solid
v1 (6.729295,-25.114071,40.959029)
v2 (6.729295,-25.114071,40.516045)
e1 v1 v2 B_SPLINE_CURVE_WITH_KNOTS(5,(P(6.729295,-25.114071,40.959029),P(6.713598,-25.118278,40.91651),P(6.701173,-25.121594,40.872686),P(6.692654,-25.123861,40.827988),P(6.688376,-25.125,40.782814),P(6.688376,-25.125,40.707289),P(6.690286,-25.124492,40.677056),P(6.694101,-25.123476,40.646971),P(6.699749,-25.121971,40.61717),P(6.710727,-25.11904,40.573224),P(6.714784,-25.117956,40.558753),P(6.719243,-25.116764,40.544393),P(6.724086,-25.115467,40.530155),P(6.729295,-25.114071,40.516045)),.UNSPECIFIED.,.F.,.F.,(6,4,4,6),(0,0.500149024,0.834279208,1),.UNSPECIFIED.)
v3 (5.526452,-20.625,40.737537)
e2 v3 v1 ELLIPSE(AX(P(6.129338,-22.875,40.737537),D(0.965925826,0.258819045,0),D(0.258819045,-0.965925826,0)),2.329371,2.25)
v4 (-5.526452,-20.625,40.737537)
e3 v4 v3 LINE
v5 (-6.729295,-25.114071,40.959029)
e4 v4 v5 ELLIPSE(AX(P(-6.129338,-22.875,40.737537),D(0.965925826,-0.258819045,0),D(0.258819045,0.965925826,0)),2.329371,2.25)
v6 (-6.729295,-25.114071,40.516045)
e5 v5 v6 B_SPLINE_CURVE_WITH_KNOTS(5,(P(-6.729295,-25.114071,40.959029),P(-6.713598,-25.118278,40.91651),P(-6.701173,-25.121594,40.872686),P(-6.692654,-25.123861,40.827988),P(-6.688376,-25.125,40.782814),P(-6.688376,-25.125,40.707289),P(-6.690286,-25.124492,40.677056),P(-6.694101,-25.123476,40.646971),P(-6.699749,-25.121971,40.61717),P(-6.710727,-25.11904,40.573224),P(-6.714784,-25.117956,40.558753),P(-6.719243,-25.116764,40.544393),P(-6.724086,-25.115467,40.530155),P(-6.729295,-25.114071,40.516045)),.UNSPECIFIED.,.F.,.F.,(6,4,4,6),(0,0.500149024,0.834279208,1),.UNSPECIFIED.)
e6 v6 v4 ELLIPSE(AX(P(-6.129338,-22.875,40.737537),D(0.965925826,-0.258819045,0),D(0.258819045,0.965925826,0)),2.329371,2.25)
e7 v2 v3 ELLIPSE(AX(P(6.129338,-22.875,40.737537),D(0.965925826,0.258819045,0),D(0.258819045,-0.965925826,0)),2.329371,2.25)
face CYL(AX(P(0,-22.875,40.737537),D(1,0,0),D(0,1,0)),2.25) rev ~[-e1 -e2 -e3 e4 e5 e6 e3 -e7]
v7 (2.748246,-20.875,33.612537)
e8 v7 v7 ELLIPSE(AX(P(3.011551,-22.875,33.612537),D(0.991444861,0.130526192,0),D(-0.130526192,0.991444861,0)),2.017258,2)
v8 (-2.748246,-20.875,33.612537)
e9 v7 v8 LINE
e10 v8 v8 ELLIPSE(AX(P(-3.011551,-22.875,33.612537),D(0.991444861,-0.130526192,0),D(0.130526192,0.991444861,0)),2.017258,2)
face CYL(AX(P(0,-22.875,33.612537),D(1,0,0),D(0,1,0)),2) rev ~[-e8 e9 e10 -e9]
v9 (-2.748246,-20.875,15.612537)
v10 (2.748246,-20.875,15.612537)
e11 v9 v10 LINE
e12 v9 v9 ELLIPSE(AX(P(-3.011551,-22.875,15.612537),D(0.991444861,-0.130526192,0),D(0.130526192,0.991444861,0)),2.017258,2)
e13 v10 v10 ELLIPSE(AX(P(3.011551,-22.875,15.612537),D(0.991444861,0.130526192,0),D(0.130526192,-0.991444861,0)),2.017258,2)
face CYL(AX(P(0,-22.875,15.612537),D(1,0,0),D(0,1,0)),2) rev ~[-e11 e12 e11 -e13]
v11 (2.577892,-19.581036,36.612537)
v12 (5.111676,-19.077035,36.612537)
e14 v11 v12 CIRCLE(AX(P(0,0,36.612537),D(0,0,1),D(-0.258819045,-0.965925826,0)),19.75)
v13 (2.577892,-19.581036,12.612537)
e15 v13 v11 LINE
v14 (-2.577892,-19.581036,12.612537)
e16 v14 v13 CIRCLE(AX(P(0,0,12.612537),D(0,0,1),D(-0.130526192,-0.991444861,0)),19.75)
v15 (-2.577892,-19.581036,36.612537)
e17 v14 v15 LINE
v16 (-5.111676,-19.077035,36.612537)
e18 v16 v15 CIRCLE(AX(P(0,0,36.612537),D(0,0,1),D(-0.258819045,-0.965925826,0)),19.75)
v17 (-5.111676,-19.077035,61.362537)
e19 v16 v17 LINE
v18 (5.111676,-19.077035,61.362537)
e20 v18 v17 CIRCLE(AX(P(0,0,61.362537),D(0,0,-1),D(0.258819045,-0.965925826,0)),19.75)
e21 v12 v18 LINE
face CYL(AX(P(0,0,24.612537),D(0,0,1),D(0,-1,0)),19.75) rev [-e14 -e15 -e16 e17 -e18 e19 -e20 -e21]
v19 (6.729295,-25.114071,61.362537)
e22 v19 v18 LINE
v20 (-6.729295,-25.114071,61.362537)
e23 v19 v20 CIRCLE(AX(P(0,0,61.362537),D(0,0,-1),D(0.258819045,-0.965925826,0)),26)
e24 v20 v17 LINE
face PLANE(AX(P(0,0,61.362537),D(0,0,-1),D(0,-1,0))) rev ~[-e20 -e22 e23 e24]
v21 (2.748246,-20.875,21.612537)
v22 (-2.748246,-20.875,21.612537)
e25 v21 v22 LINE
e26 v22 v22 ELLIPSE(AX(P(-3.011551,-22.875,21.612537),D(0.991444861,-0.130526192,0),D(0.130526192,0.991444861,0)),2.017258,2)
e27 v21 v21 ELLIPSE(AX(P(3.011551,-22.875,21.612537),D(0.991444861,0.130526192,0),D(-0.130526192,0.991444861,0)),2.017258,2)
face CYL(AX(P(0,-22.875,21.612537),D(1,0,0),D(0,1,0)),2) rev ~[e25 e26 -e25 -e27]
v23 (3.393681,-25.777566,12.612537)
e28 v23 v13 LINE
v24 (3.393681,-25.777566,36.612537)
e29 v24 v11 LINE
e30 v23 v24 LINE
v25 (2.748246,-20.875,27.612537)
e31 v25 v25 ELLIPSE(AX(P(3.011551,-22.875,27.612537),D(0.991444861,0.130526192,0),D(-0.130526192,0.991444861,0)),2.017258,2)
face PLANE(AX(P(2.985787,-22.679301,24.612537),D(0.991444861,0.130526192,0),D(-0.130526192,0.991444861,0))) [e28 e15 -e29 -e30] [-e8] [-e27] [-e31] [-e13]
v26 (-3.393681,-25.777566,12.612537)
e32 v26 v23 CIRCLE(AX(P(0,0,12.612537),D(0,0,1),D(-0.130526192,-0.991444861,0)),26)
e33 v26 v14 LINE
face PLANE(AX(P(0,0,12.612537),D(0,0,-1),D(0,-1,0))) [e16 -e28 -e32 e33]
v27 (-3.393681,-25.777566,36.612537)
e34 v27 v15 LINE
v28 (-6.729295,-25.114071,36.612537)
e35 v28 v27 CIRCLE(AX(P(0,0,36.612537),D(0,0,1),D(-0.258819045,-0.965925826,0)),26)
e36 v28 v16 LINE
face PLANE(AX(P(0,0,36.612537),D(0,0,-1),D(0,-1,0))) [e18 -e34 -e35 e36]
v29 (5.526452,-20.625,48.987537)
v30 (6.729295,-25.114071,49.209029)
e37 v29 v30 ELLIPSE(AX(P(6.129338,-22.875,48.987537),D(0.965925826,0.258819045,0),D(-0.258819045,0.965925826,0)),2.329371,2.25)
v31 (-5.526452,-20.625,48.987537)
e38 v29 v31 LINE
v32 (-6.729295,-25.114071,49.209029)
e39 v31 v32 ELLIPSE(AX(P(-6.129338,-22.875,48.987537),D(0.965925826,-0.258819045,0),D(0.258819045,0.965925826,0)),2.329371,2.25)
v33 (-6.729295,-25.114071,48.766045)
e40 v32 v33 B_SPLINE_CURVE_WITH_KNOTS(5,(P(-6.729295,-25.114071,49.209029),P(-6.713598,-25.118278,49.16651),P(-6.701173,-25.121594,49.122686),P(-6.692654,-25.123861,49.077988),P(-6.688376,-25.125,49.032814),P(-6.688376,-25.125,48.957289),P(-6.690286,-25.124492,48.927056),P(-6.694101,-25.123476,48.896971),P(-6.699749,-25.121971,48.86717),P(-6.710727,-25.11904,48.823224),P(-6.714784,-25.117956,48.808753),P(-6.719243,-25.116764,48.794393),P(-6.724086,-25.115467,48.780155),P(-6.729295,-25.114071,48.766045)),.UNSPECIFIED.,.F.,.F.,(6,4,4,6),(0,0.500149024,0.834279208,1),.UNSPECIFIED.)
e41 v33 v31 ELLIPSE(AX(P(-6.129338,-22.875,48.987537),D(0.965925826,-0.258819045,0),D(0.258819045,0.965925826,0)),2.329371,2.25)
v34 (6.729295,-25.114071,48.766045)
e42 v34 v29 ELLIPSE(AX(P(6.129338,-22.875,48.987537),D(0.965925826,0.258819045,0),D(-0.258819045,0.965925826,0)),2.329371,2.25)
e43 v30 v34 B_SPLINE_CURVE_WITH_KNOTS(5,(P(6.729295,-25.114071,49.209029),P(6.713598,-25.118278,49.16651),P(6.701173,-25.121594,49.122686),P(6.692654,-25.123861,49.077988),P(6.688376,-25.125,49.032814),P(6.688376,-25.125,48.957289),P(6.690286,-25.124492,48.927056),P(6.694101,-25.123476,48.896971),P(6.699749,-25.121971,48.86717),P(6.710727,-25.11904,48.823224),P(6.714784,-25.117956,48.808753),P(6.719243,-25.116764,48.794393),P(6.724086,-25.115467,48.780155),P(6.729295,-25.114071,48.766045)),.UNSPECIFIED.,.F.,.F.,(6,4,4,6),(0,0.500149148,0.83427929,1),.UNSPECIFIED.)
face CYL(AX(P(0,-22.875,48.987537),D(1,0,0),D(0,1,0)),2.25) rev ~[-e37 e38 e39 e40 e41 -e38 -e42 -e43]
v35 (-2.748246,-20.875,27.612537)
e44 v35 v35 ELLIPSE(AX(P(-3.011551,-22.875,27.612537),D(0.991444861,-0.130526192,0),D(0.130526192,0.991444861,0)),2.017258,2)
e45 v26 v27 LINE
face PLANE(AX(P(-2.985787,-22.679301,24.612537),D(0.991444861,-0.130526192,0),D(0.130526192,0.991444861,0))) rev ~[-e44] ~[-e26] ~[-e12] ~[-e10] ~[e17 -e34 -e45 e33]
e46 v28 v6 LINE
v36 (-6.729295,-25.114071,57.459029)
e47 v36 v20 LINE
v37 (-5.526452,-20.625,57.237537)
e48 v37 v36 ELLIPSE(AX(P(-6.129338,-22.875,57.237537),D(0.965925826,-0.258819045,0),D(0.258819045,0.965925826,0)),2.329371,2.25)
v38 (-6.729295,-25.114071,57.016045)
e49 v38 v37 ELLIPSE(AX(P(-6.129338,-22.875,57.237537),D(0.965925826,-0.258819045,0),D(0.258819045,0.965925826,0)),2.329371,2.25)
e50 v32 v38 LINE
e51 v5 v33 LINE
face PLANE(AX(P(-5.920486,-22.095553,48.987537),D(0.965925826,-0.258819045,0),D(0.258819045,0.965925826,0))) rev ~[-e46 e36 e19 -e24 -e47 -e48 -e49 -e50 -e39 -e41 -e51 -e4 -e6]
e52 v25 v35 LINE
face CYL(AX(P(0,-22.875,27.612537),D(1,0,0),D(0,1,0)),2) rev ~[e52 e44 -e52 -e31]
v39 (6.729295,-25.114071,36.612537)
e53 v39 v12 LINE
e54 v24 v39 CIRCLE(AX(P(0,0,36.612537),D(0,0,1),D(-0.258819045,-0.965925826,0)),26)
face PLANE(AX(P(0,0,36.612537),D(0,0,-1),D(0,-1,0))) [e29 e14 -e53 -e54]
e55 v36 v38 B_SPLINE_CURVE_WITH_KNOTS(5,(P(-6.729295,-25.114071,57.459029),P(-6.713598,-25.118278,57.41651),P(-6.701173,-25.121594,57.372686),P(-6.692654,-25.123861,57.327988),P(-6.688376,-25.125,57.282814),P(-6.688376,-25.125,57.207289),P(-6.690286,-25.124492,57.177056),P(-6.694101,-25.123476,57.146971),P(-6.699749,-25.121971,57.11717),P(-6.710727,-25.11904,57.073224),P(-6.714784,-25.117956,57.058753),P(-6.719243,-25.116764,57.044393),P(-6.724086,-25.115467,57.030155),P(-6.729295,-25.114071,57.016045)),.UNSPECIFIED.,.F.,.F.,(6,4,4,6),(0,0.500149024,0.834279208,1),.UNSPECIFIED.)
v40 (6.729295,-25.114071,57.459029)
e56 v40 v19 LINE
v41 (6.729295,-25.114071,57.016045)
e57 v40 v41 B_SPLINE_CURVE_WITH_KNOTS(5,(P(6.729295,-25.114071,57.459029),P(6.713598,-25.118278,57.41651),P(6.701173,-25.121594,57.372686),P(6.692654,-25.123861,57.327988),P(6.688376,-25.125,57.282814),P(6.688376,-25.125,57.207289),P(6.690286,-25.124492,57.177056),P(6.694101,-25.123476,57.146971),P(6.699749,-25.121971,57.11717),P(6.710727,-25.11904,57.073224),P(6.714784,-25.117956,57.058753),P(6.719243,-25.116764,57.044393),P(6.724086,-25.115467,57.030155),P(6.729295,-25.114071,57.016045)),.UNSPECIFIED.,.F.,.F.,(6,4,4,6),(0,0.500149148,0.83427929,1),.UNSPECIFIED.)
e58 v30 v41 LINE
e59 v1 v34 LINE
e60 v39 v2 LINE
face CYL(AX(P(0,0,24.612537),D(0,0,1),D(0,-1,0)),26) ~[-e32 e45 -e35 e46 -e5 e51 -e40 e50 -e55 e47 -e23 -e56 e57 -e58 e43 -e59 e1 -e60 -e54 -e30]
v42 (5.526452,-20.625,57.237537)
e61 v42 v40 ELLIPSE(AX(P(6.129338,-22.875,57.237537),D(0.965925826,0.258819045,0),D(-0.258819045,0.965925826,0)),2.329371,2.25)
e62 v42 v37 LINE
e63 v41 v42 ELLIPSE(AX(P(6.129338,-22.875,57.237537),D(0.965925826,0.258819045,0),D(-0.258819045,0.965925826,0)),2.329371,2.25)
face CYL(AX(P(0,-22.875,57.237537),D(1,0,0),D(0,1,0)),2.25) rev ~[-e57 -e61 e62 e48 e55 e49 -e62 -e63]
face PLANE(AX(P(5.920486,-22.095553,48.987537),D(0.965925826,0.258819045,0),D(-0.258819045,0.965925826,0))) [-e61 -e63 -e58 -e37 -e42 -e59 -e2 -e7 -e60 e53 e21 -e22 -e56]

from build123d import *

# Parameters (mm, degrees)
F0_W     = 6.25
F0_H     = 24.75
F0_R     = 2.25
F1_ANGLE = 30
F2_DEPTH = 12.5
F0_H_2   = 24
F0_R_2   = 2
F3_ANGLE = 15
F4_DEPTH = 5


with BuildPart() as f1:
    # F0 (on Right) → F1 (revolve, symmetric)
    with BuildSketch(Plane.YZ) as f1_sk:
        with Locations((-22.875, 48.987537)):
            Rectangle(F0_W, F0_H)
        with Locations((-22.875, 40.737537)):
            Circle(F0_R, mode=Mode.SUBTRACT)
        with Locations((-22.875, 48.987537)):
            Circle(F0_R, mode=Mode.SUBTRACT)
        with Locations((-22.875, 57.237537)):
            Circle(F0_R, mode=Mode.SUBTRACT)
        with Locations((-22.875, 57.237537)):
            Circle(F0_R)
        with Locations((-22.875, 48.987537)):
            Circle(F0_R)
        with Locations((-22.875, 40.737537)):
            Circle(F0_R)
    revolve(axis=Axis((0, 0, 63), (0, 0, 1)), revolution_arc=F1_ANGLE / 2)
    revolve(f1_sk.sketch, axis=Axis((0, 0, 63), (0, 0, -1)), revolution_arc=F1_ANGLE / 2)

    # F0 (on Right) → F2 (cut, symmetric)
    with BuildSketch(Plane.YZ):
        with Locations((-22.875, 57.237537)):
            Circle(F0_R)
        with Locations((-22.875, 48.987537)):
            Circle(F0_R)
        with Locations((-22.875, 40.737537)):
            Circle(F0_R)
    extrude(amount=F2_DEPTH, both=True, mode=Mode.SUBTRACT)

    # F0 (on Right) → F3 (revolve, symmetric)
    with BuildSketch(Plane.YZ) as f3_sk:
        with Locations((-22.875, 24.612537)):
            Rectangle(F0_W, F0_H_2)
        with Locations((-22.875, 15.612537)):
            Circle(F0_R_2, mode=Mode.SUBTRACT)
        with Locations((-22.875, 21.612537)):
            Circle(F0_R_2, mode=Mode.SUBTRACT)
        with Locations((-22.875, 27.612537)):
            Circle(F0_R_2, mode=Mode.SUBTRACT)
        with Locations((-22.875, 33.612537)):
            Circle(F0_R_2, mode=Mode.SUBTRACT)
        with Locations((-22.875, 33.612537)):
            Circle(F0_R_2)
        with Locations((-22.875, 27.612537)):
            Circle(F0_R_2)
        with Locations((-22.875, 21.612537)):
            Circle(F0_R_2)
        with Locations((-22.875, 15.612537)):
            Circle(F0_R_2)
    revolve(axis=Axis((0, 0, 63), (0, 0, 1)), revolution_arc=F3_ANGLE / 2)
    revolve(f3_sk.sketch, axis=Axis((0, 0, 63), (0, 0, -1)), revolution_arc=F3_ANGLE / 2)

    # F0 (on Right) → F4 (cut, symmetric)
    with BuildSketch(Plane.YZ):
        with Locations((-22.875, 33.612537)):
            Circle(F0_R_2)
        with Locations((-22.875, 27.612537)):
            Circle(F0_R_2)
        with Locations((-22.875, 21.612537)):
            Circle(F0_R_2)
        with Locations((-22.875, 15.612537)):
            Circle(F0_R_2)
    extrude(amount=F4_DEPTH, both=True, mode=Mode.SUBTRACT)


solid = f1.part
